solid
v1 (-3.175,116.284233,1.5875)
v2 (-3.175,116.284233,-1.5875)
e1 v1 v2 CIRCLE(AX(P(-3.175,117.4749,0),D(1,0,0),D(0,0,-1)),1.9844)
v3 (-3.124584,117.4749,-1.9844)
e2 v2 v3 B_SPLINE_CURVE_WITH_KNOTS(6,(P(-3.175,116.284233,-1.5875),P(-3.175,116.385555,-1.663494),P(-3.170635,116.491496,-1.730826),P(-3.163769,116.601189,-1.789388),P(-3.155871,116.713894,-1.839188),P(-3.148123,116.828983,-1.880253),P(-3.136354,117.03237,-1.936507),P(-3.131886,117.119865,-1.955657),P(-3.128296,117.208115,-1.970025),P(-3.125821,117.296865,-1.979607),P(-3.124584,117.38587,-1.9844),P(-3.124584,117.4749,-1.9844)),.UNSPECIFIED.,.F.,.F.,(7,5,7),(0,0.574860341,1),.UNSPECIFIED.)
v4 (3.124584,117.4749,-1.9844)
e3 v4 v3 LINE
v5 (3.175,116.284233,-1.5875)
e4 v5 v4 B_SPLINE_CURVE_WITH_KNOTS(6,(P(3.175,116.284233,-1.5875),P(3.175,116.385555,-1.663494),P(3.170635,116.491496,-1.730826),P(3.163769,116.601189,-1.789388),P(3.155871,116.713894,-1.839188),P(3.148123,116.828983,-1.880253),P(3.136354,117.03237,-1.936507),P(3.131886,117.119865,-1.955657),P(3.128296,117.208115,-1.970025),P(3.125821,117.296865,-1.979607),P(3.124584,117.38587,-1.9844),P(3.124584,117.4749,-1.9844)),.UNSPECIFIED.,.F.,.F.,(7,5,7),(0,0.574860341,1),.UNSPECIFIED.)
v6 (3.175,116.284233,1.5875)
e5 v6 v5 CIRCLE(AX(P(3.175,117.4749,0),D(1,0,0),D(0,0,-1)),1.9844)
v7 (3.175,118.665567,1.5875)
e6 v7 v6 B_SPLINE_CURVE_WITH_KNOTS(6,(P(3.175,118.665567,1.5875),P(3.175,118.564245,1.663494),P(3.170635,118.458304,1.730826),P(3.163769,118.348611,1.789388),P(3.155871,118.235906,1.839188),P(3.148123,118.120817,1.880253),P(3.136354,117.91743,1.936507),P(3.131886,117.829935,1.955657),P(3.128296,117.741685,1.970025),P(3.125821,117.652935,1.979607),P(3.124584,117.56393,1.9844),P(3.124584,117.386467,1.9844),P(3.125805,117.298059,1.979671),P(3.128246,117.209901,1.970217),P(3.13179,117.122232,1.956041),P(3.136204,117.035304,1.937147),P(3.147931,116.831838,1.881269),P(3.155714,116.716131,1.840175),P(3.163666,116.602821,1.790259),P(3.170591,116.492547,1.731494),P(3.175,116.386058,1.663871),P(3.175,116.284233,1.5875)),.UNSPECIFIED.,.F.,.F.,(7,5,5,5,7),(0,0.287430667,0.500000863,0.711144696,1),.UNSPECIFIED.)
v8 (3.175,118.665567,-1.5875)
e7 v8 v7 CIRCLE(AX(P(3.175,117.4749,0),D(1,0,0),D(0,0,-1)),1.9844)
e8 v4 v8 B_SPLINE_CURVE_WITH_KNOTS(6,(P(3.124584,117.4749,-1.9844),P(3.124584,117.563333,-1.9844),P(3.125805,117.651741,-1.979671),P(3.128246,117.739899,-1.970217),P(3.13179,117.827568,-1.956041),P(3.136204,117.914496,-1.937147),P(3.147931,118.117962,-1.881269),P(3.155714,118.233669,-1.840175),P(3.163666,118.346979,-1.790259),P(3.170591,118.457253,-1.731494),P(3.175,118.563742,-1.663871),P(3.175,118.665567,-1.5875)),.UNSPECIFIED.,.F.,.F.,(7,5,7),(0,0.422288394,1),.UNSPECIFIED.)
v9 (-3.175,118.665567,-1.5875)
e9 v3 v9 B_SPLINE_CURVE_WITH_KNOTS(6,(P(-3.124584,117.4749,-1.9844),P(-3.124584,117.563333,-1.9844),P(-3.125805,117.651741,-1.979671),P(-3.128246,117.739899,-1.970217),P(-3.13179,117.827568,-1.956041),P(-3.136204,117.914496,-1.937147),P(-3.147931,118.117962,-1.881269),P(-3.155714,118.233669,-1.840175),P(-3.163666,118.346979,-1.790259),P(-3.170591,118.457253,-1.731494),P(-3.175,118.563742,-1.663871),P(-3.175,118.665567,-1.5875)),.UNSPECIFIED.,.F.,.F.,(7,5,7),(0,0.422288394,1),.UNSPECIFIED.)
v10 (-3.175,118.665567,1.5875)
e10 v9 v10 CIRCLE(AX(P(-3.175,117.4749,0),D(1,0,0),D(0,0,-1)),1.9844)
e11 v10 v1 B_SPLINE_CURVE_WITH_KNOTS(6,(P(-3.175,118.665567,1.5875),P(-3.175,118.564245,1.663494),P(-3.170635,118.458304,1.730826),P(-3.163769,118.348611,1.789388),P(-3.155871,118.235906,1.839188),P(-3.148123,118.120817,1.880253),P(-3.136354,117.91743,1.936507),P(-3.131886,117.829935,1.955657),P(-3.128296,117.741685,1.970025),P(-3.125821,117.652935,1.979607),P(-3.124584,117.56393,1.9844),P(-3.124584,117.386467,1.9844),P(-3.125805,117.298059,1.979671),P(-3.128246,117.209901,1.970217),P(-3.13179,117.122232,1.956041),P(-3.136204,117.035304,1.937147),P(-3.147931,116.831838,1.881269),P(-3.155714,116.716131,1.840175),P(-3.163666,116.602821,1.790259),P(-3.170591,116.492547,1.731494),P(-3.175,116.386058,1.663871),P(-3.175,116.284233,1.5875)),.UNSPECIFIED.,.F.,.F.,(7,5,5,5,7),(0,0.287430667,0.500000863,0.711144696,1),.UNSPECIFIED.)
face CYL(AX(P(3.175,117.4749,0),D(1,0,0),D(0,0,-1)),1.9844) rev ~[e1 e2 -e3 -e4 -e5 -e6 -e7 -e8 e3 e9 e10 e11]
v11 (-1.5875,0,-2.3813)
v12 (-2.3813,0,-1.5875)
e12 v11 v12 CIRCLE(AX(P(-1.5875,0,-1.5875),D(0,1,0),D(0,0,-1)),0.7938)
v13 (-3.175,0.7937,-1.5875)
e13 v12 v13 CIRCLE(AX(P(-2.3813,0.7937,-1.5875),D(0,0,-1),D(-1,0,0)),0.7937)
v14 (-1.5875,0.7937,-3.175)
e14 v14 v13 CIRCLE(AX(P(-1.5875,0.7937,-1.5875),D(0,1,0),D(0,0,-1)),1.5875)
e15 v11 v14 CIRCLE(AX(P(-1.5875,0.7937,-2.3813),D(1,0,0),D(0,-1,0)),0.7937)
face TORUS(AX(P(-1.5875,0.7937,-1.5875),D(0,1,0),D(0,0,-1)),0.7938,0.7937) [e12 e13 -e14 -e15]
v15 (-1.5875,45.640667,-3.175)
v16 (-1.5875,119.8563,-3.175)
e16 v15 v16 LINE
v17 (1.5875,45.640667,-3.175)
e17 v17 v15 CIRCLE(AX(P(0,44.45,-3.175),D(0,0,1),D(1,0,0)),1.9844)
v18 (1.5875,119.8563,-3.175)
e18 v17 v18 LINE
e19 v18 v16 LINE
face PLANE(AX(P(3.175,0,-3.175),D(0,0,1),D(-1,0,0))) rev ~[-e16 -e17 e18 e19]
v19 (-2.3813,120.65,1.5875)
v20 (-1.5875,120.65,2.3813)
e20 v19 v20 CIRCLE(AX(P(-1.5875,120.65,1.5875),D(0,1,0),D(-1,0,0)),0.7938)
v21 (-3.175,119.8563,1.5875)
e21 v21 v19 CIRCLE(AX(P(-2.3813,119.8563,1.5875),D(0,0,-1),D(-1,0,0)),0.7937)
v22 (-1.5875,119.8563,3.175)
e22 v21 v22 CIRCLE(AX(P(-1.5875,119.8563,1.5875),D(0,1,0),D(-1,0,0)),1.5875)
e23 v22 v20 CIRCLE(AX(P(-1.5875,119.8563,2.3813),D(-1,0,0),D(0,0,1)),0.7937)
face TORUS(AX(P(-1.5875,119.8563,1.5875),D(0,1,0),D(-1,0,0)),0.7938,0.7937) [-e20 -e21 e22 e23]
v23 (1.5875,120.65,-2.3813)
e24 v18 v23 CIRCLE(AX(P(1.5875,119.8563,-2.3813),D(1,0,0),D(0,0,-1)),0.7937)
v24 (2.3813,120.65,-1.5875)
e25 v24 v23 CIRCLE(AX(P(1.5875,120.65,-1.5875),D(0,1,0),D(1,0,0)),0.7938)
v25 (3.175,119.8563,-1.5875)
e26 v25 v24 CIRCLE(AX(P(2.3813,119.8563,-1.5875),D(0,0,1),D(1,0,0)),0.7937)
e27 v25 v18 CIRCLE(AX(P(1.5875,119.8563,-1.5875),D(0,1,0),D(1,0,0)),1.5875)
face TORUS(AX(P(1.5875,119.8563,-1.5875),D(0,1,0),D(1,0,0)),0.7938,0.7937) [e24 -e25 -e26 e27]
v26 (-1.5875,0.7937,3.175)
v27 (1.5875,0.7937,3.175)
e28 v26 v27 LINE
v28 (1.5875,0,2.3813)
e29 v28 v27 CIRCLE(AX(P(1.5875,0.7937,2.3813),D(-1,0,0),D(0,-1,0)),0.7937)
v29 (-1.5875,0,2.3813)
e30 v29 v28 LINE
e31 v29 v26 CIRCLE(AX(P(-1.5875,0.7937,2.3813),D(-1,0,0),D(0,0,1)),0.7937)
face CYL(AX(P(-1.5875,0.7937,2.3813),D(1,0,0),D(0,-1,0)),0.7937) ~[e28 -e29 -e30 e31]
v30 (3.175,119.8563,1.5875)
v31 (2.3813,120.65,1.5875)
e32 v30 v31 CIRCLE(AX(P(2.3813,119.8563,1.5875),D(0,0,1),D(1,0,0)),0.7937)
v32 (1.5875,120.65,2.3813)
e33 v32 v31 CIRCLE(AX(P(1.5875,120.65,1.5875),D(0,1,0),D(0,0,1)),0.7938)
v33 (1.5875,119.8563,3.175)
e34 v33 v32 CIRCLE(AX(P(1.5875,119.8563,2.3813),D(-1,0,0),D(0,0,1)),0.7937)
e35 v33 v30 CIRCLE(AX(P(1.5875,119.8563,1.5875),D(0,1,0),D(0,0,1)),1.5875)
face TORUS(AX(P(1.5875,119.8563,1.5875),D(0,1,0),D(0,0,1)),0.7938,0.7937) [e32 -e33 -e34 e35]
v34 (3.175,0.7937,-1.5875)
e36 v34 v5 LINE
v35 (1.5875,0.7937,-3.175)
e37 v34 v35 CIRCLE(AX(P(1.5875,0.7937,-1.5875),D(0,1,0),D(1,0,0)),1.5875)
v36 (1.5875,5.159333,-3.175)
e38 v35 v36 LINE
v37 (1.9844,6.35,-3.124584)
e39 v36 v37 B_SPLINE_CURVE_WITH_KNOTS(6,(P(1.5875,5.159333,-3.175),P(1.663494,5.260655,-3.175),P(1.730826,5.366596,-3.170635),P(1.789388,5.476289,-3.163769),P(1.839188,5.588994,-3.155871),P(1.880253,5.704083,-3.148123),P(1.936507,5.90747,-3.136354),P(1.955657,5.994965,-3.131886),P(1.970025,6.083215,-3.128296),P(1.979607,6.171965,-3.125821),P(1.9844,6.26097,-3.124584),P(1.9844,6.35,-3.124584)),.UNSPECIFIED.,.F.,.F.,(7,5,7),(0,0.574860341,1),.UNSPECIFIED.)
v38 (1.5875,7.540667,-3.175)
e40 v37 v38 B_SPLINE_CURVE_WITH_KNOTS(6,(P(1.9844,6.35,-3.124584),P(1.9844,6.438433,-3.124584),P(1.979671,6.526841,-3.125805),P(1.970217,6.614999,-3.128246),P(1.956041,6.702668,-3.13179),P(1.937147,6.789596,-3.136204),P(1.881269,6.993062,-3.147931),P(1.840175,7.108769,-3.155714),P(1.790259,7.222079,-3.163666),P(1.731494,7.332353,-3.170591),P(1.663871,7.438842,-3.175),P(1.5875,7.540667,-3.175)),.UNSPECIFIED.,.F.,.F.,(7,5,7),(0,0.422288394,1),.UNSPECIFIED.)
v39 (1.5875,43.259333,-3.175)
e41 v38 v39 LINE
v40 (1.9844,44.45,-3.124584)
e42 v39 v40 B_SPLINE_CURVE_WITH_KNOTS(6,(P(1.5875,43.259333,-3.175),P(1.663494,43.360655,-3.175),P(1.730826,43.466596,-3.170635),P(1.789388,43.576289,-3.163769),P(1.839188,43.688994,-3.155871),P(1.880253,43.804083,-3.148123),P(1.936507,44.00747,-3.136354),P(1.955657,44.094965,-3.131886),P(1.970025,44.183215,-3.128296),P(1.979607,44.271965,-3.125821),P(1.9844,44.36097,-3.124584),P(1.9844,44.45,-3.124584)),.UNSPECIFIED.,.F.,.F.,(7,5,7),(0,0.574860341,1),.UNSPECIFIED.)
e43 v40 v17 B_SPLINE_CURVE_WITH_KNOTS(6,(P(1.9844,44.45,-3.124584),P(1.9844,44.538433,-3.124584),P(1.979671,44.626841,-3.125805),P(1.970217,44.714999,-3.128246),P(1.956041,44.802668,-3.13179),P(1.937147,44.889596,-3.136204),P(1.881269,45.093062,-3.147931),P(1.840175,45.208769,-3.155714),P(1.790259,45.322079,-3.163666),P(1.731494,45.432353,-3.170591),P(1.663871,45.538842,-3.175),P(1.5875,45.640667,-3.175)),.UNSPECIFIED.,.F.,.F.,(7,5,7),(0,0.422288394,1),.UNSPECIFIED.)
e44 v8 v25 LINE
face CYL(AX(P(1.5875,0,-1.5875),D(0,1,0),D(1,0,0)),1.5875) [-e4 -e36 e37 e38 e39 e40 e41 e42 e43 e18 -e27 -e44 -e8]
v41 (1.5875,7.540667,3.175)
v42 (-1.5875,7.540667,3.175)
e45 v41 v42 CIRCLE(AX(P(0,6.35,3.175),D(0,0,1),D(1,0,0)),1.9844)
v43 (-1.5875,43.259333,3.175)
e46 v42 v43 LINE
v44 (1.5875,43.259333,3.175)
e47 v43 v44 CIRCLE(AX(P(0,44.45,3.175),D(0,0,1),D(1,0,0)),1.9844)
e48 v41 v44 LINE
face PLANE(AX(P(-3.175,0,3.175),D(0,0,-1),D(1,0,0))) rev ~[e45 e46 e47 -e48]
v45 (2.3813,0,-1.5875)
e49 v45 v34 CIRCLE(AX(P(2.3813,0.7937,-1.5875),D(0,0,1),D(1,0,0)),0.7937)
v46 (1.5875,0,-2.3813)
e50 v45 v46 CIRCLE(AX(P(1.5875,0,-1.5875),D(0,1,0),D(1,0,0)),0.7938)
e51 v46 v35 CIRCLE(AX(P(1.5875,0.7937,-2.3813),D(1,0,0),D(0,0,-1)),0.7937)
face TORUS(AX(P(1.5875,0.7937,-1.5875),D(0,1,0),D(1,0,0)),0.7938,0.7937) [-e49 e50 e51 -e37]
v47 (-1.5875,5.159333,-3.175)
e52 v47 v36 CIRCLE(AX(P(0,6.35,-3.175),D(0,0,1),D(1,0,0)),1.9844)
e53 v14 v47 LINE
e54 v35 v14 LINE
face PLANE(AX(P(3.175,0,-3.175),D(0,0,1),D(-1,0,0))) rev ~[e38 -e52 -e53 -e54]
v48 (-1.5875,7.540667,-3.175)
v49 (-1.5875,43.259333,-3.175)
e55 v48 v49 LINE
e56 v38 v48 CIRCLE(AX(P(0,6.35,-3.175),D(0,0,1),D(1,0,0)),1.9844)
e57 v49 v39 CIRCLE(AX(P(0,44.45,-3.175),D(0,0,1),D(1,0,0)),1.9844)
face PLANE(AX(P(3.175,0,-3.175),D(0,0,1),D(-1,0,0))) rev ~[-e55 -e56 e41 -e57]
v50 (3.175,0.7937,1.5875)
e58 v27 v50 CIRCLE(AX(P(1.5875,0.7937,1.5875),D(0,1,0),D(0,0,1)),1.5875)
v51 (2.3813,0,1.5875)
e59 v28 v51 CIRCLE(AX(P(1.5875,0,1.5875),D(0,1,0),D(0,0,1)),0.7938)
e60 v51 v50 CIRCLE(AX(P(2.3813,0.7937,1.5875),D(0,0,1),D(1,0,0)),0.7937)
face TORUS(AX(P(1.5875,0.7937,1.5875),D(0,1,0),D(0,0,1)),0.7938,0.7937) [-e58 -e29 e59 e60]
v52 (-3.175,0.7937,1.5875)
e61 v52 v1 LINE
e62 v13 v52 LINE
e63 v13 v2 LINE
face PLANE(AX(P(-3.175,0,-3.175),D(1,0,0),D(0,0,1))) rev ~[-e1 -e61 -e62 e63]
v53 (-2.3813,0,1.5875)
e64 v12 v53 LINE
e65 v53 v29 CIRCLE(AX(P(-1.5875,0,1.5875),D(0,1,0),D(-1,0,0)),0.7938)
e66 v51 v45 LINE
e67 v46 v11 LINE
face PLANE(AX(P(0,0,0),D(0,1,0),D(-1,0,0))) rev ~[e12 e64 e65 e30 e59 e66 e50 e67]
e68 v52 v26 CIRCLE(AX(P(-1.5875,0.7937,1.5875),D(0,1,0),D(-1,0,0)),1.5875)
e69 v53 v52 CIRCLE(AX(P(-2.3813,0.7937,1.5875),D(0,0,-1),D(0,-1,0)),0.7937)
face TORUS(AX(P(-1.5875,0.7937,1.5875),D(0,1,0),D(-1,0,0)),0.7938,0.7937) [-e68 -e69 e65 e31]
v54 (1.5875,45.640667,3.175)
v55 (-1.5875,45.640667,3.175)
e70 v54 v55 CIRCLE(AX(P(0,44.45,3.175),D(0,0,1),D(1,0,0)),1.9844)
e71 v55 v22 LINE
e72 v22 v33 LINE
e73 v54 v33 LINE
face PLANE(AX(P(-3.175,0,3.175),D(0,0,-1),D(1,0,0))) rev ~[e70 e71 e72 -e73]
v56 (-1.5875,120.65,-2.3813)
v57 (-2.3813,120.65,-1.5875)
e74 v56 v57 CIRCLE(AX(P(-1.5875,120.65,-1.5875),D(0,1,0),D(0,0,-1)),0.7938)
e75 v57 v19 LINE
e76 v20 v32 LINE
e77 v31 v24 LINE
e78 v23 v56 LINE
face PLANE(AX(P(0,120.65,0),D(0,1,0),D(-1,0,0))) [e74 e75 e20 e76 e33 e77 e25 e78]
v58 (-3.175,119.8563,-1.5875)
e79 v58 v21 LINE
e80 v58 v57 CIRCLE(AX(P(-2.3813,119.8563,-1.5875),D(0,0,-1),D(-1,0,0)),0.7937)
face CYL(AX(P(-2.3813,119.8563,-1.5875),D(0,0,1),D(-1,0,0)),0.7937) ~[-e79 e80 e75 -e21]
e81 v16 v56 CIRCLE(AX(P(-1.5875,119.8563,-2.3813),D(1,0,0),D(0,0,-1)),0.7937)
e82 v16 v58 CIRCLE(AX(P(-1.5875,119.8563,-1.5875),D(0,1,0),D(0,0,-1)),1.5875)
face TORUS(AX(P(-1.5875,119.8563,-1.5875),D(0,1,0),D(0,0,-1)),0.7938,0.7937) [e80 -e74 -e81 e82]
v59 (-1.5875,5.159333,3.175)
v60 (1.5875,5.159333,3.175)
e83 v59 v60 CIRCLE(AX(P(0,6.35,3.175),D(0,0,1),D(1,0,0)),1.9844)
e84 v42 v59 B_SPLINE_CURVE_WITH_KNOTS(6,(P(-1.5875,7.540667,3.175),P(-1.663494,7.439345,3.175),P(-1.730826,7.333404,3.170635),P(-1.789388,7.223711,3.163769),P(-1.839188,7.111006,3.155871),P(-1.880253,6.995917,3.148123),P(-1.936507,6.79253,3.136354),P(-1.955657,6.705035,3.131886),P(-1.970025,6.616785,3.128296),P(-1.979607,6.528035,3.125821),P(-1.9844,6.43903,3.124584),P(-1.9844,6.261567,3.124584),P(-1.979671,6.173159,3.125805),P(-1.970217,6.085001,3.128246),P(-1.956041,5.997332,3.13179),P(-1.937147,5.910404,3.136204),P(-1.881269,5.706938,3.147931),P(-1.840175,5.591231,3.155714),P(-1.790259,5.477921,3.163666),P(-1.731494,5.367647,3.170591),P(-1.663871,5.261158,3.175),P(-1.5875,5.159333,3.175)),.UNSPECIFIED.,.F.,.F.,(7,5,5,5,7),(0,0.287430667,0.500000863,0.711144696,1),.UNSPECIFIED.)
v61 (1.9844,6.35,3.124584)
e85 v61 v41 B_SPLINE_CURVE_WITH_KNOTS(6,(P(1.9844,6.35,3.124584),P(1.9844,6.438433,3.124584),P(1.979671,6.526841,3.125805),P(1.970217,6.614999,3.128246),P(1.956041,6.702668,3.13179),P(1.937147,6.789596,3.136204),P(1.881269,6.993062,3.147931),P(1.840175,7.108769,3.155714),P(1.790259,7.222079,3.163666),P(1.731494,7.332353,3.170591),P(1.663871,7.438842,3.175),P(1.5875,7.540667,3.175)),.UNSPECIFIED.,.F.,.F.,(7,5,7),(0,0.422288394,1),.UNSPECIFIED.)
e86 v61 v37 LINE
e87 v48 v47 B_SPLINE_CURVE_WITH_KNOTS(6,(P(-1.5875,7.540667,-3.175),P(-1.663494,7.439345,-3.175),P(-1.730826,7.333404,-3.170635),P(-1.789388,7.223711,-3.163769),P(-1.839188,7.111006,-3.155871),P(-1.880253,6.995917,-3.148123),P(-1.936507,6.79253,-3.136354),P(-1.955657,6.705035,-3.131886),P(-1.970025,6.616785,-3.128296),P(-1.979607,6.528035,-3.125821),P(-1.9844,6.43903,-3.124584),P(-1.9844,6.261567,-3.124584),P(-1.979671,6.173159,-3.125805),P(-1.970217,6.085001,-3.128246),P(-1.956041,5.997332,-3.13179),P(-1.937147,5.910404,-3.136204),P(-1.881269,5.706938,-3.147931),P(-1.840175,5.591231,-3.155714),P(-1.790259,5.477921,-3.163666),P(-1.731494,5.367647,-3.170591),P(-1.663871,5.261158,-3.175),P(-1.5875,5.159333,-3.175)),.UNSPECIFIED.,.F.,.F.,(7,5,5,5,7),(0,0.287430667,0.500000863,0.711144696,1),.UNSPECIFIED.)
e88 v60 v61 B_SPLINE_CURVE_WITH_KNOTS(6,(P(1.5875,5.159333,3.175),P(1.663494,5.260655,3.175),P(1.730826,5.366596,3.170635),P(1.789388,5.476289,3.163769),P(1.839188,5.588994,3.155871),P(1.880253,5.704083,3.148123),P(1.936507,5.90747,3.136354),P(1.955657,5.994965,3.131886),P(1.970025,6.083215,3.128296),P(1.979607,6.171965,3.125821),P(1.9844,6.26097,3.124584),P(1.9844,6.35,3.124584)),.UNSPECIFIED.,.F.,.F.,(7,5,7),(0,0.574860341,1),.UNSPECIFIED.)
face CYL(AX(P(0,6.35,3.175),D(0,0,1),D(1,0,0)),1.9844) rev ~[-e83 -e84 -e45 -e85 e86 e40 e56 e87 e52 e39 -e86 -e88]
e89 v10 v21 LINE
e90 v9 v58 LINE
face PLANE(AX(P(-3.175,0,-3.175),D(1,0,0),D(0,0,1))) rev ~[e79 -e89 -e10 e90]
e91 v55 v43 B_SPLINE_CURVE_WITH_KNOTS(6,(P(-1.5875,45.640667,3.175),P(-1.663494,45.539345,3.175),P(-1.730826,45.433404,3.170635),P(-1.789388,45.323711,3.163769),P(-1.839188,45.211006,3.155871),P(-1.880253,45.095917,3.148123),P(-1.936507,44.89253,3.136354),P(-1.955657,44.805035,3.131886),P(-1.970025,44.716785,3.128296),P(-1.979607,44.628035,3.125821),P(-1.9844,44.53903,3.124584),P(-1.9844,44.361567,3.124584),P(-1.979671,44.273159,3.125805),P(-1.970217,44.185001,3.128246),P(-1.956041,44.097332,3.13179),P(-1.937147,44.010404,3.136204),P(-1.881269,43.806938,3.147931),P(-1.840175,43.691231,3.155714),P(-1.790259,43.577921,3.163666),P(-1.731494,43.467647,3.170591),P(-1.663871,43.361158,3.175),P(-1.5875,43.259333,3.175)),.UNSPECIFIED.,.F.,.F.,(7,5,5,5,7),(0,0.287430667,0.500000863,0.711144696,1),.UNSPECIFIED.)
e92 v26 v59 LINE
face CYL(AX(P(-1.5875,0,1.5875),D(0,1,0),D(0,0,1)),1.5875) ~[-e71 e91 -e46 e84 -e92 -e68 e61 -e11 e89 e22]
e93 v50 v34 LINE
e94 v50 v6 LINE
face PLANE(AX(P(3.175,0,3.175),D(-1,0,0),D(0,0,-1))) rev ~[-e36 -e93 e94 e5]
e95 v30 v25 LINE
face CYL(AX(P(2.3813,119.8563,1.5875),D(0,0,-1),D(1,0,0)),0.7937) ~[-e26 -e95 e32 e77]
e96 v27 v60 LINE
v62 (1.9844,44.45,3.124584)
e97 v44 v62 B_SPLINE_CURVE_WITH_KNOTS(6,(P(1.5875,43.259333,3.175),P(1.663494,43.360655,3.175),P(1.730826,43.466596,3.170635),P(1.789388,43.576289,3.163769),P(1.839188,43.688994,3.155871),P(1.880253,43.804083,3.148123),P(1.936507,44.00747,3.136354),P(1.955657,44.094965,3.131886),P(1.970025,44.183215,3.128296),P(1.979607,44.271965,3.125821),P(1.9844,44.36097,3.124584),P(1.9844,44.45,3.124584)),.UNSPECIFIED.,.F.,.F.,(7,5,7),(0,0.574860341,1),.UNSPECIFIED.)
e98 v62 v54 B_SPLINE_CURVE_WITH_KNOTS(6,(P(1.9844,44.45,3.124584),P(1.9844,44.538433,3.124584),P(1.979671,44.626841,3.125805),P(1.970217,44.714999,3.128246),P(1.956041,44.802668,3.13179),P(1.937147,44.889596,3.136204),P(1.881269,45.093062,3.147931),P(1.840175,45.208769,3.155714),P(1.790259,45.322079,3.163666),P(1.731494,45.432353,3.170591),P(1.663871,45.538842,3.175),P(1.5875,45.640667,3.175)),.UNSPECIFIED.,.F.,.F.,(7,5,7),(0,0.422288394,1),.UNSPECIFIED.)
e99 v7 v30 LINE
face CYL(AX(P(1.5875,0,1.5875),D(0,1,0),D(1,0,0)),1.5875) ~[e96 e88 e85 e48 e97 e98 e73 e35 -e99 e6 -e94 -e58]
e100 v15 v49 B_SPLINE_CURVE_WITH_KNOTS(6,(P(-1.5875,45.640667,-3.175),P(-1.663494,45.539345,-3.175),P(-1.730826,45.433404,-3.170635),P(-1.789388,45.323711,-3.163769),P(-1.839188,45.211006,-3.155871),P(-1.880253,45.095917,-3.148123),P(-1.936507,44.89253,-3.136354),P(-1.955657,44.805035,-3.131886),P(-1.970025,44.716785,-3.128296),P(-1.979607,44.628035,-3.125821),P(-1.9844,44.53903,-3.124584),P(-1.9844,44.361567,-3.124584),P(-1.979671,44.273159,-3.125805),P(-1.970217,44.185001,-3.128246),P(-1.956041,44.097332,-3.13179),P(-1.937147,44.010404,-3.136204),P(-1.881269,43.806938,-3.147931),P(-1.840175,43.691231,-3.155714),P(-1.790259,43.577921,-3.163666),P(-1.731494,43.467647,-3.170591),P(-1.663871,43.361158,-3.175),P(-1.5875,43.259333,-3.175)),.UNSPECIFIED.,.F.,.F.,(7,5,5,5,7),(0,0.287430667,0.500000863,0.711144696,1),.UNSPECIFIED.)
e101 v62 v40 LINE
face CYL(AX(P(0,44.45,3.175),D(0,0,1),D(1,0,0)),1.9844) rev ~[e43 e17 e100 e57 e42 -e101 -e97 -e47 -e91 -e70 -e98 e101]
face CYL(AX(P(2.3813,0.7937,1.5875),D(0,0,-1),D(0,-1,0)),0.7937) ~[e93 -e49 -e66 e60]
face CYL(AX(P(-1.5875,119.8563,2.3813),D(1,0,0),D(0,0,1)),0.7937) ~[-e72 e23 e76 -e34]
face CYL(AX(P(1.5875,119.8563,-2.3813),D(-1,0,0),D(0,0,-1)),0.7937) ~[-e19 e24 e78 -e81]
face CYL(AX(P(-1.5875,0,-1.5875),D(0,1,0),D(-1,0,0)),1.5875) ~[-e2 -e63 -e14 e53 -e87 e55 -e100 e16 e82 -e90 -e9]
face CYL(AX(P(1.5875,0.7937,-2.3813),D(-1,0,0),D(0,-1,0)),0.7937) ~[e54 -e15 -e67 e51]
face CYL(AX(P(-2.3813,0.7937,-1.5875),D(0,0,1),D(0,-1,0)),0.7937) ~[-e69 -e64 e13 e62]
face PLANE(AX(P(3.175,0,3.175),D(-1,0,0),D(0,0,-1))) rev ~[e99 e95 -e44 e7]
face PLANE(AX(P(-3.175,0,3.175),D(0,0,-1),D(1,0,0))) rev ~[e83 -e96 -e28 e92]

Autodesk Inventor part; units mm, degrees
ref_plane "YZ Plane" through (0, 0, 0) normal (1, 0, 0) x (0, 1, 0)
ref_plane "XZ Plane" through (0, 0, 0) normal (0, 1, 0) x (-1, 0, 0)
ref_plane "XY Plane" through (0, 0, 0) normal (0, 0, 1) x (1, 0, 0)
sketch "Sketch1" plane through (0, 0, 0) normal (0, 1, 0) x (-1, 0, 0)
  line L0 (-3.175, -3.175) -> (3.175, -3.175)
  line L1 (3.175, -3.175) -> (3.175, 3.175)
  line L2 (3.175, 3.175) -> (-3.175, 3.175)
  line L3 (-3.175, 3.175) -> (-3.175, -3.175)
  line L4 (-3.175, -3.175) -> (3.175, 3.175) construction
  line L5 (3.175, -3.175) -> (-3.175, 3.175) construction
  point P0 (0, 0)
  dimension "d0" = 6.35
  dimension "d1" = 6.35
extrude "Extrusion1" add sketch "Sketch1" along normal blind 120.65
fillet "Fillet1" radius 1.5875 4 edges at (3.175, 60.325, 3.175) (3.175, 60.325, -3.175) (-3.175, 60.325, -3.175) (-3.175, 60.325, 3.175)
fillet "Fillet2" radius 0.7937 16 edges at (2.71, 120.65, -2.71) (0, 120.65, -3.175) (-2.71, 120.65, -2.71) (-3.175, 120.65, 0) (-2.71, 120.65, 2.71) (0, 120.65, 3.175) (2.71, 120.65, 2.71) (3.175, 120.65, 0) (2.71, 0, -2.71) (0, 0, -3.175) (-2.71, 0, -2.71) (-3.175, 0, 0) (-2.71, 0, 2.71) (0, 0, 3.175) (2.71, 0, 2.71) (3.175, 0, 0)
sketch "Sketch2" plane through (-1.5875, 0.7937, 3.175) normal (0, 0, 1) x (1, 0, 0)
  circle A0 centre (1.5875, 5.5563) radius 1.9844
  line L0 (0, -0.7937) -> (3.175, -0.7937) projected
  point P0 (1.5875, -0.7937)
  dimension "d6" = 3.9688
  dimension "d7" = 6.35
extrude "Extrusion2" cut sketch "Sketch2" against normal blind 120.65
sketch "Sketch3" plane through (3.175, 0.7937, -1.5875) normal (1, 0, 0) x (0, 0, -1)
  circle A0 centre (-1.5875, 116.6812) radius 1.9844
  line L0 (0, 119.8562) -> (-3.175, 119.8562) projected
  line L1 (1.5875, 6.7469) -> (1.5875, 119.0625) projected
  point P0 (-1.5875, -0.7937)
  dimension "d10" = 3.9688
  dimension "d11" = 3.175
  dimension "d12" = 3.175
extrude "Extrusion3" cut sketch "Sketch3" against normal blind 120.65
sketch "Sketch4" plane through (-1.5875, 119.8562, 3.175) normal (0, 0, 1) x (1, 0, 0)
  arc A0 (3.175, -112.3156) -> (0, -112.3156) centre (1.5875, -113.5062) ccw projected
  circle A1 centre (1.5875, -75.4062) radius 1.9844
  point P0 (1.5875, -119.8562)
  dimension "d15" = 3.9688
  dimension "d16" = 38.1
extrude "Extrusion4" cut sketch "Sketch4" against normal blind 120.65
properties part number "support beam" material "Stainless Steel"
